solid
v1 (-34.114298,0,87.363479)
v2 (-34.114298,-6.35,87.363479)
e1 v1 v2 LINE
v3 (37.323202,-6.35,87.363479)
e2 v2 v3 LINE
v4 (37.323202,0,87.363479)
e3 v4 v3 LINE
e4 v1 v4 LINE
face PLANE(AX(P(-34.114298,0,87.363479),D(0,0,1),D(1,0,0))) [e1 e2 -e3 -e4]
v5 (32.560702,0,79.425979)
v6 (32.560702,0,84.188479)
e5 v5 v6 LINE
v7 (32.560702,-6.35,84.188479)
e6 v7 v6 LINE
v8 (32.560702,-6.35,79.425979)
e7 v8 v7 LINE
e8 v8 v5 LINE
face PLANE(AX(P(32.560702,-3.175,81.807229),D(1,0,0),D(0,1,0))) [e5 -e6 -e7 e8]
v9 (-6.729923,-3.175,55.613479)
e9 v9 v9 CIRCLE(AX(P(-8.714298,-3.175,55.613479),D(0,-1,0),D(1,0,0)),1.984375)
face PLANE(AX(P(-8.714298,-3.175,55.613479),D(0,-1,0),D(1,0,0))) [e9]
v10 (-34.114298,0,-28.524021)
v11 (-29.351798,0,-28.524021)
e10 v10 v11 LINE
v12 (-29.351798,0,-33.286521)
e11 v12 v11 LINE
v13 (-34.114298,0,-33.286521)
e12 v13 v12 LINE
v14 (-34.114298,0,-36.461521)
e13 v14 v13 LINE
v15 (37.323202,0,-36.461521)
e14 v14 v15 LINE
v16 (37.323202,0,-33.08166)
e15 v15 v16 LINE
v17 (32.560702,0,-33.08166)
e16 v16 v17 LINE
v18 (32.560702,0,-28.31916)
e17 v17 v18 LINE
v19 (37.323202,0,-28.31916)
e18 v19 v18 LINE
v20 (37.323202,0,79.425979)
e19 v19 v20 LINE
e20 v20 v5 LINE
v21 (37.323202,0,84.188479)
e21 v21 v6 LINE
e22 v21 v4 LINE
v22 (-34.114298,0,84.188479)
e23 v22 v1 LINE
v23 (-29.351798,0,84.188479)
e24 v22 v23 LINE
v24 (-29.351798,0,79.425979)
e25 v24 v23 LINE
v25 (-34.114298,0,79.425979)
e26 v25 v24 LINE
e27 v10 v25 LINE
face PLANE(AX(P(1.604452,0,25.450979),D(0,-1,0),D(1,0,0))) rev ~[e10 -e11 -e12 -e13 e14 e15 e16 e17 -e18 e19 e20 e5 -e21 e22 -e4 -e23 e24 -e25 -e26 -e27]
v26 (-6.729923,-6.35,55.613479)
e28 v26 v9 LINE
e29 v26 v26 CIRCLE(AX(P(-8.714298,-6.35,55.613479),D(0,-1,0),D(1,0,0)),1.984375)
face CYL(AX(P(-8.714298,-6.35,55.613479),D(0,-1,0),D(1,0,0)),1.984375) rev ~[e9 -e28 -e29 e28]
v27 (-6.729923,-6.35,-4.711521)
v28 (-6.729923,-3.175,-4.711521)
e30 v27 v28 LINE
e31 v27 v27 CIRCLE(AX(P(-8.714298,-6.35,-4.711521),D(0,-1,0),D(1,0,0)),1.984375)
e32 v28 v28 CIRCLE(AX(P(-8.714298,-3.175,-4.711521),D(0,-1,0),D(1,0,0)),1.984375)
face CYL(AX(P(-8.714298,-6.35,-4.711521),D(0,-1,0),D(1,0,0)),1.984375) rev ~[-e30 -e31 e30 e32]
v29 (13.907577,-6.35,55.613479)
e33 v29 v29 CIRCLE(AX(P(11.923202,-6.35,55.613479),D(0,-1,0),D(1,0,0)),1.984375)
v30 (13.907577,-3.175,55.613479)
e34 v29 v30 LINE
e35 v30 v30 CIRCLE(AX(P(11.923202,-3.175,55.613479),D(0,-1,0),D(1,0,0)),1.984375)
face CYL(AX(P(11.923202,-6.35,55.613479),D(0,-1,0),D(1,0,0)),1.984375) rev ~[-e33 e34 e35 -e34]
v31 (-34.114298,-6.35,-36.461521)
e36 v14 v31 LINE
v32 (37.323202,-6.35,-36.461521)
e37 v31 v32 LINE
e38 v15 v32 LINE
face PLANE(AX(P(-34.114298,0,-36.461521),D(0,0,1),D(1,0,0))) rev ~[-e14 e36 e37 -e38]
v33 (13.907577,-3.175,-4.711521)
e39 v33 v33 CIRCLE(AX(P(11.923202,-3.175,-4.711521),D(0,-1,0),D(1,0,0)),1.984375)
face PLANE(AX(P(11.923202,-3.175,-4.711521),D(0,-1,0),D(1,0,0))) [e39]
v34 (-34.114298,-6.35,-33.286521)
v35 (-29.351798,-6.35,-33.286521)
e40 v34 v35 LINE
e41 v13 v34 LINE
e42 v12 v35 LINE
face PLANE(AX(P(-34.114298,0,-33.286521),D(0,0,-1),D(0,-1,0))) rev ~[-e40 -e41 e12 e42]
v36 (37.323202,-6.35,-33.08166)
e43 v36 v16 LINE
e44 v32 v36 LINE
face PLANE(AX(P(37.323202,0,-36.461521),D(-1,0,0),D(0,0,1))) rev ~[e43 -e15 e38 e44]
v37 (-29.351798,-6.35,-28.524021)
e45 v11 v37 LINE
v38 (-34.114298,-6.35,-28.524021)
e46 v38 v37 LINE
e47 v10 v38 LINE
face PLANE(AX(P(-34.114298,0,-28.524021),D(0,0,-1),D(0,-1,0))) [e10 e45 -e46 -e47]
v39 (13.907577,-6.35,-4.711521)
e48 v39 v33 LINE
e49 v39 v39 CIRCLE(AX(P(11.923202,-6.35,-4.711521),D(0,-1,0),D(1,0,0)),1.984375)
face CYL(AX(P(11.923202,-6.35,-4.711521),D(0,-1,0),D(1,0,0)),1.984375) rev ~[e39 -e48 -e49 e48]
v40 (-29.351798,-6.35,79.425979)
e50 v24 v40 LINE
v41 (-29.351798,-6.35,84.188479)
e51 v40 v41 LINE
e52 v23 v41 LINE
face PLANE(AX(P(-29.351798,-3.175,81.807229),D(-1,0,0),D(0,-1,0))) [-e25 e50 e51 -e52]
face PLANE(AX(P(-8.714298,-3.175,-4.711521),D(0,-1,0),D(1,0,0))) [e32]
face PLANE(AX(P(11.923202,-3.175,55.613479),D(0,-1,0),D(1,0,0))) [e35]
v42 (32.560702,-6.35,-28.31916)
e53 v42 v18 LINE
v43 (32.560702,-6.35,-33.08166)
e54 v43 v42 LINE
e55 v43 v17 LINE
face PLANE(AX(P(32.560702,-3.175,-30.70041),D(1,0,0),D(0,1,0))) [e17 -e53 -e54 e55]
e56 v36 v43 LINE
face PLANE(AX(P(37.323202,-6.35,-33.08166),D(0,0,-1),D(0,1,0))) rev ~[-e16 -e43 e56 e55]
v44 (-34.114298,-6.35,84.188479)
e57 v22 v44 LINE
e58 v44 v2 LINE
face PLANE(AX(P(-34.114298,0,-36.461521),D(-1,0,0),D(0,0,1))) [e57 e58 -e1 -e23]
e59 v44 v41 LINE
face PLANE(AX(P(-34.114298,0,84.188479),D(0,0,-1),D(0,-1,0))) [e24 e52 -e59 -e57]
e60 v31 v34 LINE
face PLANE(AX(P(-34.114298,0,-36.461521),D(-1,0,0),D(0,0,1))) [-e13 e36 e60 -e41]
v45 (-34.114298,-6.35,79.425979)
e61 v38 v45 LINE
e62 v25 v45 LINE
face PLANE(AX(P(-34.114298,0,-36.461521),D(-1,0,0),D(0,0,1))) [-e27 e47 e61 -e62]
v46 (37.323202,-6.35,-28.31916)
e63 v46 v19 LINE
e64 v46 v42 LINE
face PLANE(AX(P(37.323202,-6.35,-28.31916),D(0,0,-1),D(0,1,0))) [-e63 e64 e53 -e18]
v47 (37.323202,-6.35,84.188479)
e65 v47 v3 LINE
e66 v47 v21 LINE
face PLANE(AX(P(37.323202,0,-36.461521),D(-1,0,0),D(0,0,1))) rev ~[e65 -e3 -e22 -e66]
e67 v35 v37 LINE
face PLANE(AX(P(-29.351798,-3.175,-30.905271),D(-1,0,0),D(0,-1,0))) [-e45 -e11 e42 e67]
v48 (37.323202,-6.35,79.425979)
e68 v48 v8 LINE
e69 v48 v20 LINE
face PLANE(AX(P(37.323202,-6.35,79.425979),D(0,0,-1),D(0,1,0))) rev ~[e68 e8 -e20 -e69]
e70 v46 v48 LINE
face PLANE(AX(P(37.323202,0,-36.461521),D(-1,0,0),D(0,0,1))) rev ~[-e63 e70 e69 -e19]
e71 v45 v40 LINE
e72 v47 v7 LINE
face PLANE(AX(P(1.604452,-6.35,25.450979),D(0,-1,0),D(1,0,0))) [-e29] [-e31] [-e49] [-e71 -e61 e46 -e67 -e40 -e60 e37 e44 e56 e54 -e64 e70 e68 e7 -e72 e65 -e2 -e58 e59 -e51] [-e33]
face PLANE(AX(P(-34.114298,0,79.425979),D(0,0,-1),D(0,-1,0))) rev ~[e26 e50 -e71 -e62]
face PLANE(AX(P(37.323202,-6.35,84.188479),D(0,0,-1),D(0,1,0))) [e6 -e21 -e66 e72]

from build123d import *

# Parameters (mm, degrees)
F0_W      = 71.4375
F0_H      = 123.825
F1_DEPTH  = 6.35
F2_W      = 6.35
F2_H      = 4.7625
F3_DEPTH  = 4.7625
F4_W      = 6.35
F4_H      = 4.7625
F5_DEPTH  = 4.7625
F6_W      = 6.35
F6_H      = 4.7625
F7_DEPTH  = 4.7625
F8_W      = 6.35
F8_H      = 4.7625
F9_DEPTH  = 4.7625
F10_R     = 1.984375
F11_DEPTH = 3.175


with BuildPart() as f1:
    # F0 (on Front) → F1 (new body)
    with BuildSketch(Plane.XZ):
        with Locations((1.604452, 25.450979)):
            Rectangle(F0_W, F0_H)
    extrude(amount=F1_DEPTH)

    # F2 (on face) → F3 (cut)
    with BuildSketch(Plane.YZ.offset(37.323202)):
        with Locations((-3.175, 81.807229)):
            Rectangle(F2_W, F2_H)
    extrude(amount=-F3_DEPTH, mode=Mode.SUBTRACT)

    # F4 (on face) → F5 (cut)
    with BuildSketch(Plane.YZ.offset(37.323202)):
        with Locations((-3.175, -30.70041)):
            Rectangle(F4_W, F4_H)
    extrude(amount=-F5_DEPTH, mode=Mode.SUBTRACT)

    # F6 (on face) → F7 (cut)
    with BuildSketch(Plane(origin=(-34.114298, 0, 0), x_dir=(0, -1, 0), z_dir=(-1, 0, 0))):
        with Locations((3.175, 81.807229)):
            Rectangle(F6_W, F6_H)
    extrude(amount=-F7_DEPTH, mode=Mode.SUBTRACT)

    # F8 (on face) → F9 (cut)
    with BuildSketch(Plane(origin=(-34.114298, 0, 0), x_dir=(0, -1, 0), z_dir=(-1, 0, 0))):
        with Locations((3.175, -30.905271)):
            Rectangle(F8_W, F8_H)
    extrude(amount=-F9_DEPTH, mode=Mode.SUBTRACT)

    # F10 (on face) → F11 (cut)
    with BuildSketch(Plane.XZ.offset(6.35)):
        with Locations((-8.714298, 55.613479)):
            Circle(F10_R)
        with Locations((11.923202, 55.613479)):
            Circle(F10_R)
        with Locations((-8.714298, -4.711521)):
            Circle(F10_R)
        with Locations((11.923202, -4.711521)):
            Circle(F10_R)
    extrude(amount=-F11_DEPTH, mode=Mode.SUBTRACT)


solid = f1.part
